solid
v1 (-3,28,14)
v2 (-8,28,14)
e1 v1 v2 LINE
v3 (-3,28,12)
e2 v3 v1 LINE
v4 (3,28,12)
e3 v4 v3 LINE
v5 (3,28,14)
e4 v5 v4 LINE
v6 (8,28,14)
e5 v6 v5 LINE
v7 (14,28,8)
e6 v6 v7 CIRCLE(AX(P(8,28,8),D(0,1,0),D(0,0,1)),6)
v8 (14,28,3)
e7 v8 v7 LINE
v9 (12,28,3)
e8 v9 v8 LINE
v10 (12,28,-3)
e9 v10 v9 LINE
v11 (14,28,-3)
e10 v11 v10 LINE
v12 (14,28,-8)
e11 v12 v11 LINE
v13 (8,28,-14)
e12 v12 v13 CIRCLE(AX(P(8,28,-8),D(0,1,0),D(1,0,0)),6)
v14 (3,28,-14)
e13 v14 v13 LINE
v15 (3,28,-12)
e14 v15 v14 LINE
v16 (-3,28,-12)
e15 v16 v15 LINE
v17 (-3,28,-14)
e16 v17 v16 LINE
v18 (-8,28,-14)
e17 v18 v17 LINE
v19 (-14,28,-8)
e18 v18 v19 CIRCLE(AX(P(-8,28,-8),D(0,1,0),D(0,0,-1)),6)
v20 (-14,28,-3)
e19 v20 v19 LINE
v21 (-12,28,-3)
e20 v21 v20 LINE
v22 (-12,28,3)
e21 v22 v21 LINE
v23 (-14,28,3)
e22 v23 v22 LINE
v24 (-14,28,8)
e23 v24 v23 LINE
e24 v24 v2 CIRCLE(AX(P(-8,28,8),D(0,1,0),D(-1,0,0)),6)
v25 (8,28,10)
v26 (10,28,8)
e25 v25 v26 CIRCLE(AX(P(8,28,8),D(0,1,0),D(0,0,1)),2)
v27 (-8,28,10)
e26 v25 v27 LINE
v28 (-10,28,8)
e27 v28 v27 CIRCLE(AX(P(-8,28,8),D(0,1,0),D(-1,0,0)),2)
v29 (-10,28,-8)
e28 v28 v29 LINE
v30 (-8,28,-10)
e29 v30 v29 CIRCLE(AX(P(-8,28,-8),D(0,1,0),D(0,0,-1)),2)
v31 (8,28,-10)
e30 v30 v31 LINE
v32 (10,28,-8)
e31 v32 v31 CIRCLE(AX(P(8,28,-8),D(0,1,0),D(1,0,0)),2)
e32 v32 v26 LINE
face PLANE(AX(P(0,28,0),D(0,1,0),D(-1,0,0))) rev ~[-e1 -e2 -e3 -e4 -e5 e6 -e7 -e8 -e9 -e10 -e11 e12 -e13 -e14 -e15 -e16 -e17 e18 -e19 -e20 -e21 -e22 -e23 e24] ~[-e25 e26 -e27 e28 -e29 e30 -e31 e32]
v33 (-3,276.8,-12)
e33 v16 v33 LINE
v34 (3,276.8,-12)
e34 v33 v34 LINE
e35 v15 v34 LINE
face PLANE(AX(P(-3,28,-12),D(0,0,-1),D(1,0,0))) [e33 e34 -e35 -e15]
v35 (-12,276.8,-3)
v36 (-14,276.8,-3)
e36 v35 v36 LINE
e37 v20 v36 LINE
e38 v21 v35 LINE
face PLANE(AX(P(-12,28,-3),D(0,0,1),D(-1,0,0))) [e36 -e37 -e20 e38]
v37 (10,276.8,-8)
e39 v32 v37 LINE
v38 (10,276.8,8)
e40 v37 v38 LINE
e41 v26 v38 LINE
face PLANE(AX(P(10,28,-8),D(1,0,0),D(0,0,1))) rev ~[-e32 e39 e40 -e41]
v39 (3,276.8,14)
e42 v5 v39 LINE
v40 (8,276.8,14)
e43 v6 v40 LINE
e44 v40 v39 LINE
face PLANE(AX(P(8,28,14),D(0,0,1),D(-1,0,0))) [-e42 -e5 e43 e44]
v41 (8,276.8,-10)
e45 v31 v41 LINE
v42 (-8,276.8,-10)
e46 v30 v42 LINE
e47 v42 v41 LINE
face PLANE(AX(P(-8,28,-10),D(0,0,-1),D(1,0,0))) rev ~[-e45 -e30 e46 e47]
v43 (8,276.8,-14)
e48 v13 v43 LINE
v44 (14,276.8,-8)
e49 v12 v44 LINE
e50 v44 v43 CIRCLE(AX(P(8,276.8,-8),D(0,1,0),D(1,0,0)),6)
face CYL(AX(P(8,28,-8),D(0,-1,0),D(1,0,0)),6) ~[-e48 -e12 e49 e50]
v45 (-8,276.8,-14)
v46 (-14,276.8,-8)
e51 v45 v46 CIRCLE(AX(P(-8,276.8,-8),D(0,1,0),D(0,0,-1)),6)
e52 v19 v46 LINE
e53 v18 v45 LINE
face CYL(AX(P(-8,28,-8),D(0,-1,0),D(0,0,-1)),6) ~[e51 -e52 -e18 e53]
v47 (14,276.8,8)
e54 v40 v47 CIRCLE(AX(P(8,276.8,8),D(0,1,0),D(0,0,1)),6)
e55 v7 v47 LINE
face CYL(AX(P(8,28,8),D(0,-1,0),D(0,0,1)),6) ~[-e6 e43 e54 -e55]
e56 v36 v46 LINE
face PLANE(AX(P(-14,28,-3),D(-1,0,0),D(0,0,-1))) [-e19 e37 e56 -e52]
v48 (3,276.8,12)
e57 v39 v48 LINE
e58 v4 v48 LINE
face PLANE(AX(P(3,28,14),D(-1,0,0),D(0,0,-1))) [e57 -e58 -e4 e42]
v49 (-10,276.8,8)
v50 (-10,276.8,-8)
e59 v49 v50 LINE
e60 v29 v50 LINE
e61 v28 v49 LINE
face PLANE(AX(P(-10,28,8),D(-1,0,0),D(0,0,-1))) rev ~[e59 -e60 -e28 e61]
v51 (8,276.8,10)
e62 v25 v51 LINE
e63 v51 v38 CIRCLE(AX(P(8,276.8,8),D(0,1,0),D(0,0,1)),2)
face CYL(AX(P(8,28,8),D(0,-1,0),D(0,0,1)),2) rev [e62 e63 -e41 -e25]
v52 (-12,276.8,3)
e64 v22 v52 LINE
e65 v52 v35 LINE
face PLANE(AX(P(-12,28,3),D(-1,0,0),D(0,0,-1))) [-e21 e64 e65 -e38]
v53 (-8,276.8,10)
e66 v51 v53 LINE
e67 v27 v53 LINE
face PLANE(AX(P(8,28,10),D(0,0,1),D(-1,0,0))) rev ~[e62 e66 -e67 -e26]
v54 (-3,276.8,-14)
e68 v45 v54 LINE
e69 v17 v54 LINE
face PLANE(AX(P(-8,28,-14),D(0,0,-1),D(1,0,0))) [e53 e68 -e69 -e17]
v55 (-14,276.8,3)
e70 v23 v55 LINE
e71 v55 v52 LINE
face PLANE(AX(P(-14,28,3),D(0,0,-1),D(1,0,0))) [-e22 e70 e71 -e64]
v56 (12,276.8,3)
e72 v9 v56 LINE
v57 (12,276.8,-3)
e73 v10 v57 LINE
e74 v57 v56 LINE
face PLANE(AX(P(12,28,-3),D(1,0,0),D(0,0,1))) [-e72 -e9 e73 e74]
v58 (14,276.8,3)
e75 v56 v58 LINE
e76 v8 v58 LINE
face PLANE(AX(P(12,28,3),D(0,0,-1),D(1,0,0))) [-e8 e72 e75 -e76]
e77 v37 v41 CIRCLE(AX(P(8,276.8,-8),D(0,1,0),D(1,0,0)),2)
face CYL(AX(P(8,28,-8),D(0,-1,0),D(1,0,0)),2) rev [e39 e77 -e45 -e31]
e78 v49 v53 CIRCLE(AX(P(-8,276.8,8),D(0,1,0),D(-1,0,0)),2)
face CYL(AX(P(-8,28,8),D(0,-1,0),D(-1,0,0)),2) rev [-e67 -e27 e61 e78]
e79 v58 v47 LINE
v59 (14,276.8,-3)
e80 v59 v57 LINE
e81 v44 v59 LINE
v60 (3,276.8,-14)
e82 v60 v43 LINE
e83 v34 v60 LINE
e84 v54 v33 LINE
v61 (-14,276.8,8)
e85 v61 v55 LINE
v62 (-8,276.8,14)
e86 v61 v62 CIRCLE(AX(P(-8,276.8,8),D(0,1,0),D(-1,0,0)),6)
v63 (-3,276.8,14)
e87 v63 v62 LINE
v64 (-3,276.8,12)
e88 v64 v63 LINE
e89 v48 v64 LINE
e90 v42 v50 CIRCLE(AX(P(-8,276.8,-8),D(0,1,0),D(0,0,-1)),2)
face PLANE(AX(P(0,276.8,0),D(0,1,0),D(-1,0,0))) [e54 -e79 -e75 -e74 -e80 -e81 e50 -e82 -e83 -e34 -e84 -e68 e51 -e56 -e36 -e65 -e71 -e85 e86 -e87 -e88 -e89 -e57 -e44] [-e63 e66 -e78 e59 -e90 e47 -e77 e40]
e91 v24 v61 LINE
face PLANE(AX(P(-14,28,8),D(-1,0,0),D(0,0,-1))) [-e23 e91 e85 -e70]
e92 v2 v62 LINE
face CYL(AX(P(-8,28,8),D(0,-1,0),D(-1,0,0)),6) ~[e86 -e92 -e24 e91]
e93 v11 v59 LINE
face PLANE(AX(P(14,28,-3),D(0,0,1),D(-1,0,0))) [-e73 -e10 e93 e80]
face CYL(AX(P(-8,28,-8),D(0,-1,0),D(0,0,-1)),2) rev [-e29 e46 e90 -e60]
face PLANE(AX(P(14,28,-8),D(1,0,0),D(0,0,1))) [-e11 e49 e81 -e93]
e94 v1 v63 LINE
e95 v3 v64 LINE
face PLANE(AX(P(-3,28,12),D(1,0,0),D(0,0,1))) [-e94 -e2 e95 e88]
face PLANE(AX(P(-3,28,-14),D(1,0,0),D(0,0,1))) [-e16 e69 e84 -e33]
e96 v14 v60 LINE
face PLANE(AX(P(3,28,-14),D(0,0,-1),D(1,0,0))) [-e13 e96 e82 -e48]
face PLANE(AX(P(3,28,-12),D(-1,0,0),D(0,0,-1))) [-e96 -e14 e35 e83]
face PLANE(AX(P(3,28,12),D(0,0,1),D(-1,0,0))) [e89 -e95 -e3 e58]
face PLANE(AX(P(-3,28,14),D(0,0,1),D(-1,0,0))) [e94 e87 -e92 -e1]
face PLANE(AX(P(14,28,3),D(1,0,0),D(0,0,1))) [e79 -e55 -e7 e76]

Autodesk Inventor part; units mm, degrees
ref_plane "Start Plane" through (0, 28, 0) normal (0, 1, 0) x (-1, 0, 0)
ref_plane "End Plane" through (0, 276.8, 0) normal (0, 1, 0) x (-1, 0, 0)
sketch "Sketch" plane through (0, 0, 0) normal (0, 1, 0) x (-1, 0, 0)
  line L0 (8, -10) -> (-8, -10)
  line L1 (-10, -8) -> (-10, 8)
  line L2 (-8, 10) -> (8, 10)
  line L3 (10, 8) -> (10, -8)
  line L4 (10, -10) -> (-10, 10) construction
  line L5 (-10, -10) -> (10, 10) construction
  line L6 (14, -14) -> (-14, 14) construction
  line L7 (-14, -14) -> (14, 14) construction
  arc A0 (8, -10) -> (10, -8) centre (8, -8) ccw
  arc A1 (-10, -8) -> (-8, -10) centre (-8, -8) ccw
  arc A2 (-8, 10) -> (-10, 8) centre (-8, 8) ccw
  arc A3 (10, 8) -> (8, 10) centre (8, 8) ccw
  arc A4 (8, -14) -> (14, -8) centre (8, -8) ccw
  arc A5 (-14, -8) -> (-8, -14) centre (-8, -8) ccw
  arc A6 (-8, 14) -> (-14, 8) centre (-8, 8) ccw
  arc A7 (14, 8) -> (8, 14) centre (8, 8) ccw
  line L8 (3, -14) -> (3, -12)
  line L9 (3, -12) -> (-3, -12)
  line L10 (-3, -12) -> (-3, -14)
  line L11 (-14, -3) -> (-12, -3)
  line L12 (-12, -3) -> (-12, 3)
  line L13 (-12, 3) -> (-14, 3)
  line L14 (-3, 14) -> (-3, 12)
  line L15 (-3, 12) -> (3, 12)
  line L16 (3, 12) -> (3, 14)
  line L17 (14, 3) -> (12, 3)
  line L18 (12, 3) -> (12, -3)
  line L19 (12, -3) -> (14, -3)
  line L20 (0, -10) -> (0, -12) construction
  line L21 (-10, 0) -> (-12, 0) construction
  line L22 (0, 10) -> (0, 12) construction
  line L23 (10, 0) -> (12, 0) construction
  line L24 (14, 8) -> (14, 3)
  line L25 (14, -3) -> (14, -8)
  line L26 (8, -14) -> (3, -14)
  line L27 (-3, -14) -> (-8, -14)
  line L28 (-14, -8) -> (-14, -3)
  line L29 (-14, 3) -> (-14, 8)
  line L30 (-8, 14) -> (-3, 14)
  line L31 (3, 14) -> (8, 14)
  point P0 (0, 0)
  dimension "d1" = 20
  dimension "d2" = 2
  dimension "d3" = 6
  dimension "d4" = 20
  dimension "d5" = 6
  dimension "d6" = 2
  dimension "d8" = 28
extrude "Body" add sketch "Sketch" along normal up to surface (248.8 mm away) from surface at 28
sketch "Sketch2" plane through (0, 0, 0) normal (0, 1, 0) x (-1, 0, 0)
  line L0 (0, 0) -> (10, 0)
ref_plane "Work Plane3" through (0, 0, 0) normal (0, 0, -1) x (-1, 0, 0)
sketch "Sketch3" plane through (0, 0, 0) normal (0, 0, -1) x (-1, 0, 0)
  line L0 (-2, 28) -> (12, 28) construction
  line L1 (-2, 276.8) -> (12, 276.8) construction
  dimension "d16" = 248.8
ref_plane "Work Plane4" through (-290.8, 28, -8) normal (0, -1, 0) x (1, 0, 0)
split "Split1" plane through (-290.8, 28, -8) removes the side toward (0, -1, 0)
ref_plane "Work Plane5" through (14, 276.8, -8) normal (0, 1, 0) x (1, 0, 0)
split "Split2" plane through (14, 276.8, -8) removes the side toward (0, 1, 0)
equation "\"G_OFFSET_START\" = -28"
equation "\"G_OFFSET_END\" = -28"
equation "\"d11\" = -G_OFFSET_START"
equation "\"d12\" = Length + G_OFFSET_END"
equation "\"G_L\" = d16"
equation "\"Length\" = 304.8"
properties part number "CE-5.2.2-PR" material "Steel, Mild"
